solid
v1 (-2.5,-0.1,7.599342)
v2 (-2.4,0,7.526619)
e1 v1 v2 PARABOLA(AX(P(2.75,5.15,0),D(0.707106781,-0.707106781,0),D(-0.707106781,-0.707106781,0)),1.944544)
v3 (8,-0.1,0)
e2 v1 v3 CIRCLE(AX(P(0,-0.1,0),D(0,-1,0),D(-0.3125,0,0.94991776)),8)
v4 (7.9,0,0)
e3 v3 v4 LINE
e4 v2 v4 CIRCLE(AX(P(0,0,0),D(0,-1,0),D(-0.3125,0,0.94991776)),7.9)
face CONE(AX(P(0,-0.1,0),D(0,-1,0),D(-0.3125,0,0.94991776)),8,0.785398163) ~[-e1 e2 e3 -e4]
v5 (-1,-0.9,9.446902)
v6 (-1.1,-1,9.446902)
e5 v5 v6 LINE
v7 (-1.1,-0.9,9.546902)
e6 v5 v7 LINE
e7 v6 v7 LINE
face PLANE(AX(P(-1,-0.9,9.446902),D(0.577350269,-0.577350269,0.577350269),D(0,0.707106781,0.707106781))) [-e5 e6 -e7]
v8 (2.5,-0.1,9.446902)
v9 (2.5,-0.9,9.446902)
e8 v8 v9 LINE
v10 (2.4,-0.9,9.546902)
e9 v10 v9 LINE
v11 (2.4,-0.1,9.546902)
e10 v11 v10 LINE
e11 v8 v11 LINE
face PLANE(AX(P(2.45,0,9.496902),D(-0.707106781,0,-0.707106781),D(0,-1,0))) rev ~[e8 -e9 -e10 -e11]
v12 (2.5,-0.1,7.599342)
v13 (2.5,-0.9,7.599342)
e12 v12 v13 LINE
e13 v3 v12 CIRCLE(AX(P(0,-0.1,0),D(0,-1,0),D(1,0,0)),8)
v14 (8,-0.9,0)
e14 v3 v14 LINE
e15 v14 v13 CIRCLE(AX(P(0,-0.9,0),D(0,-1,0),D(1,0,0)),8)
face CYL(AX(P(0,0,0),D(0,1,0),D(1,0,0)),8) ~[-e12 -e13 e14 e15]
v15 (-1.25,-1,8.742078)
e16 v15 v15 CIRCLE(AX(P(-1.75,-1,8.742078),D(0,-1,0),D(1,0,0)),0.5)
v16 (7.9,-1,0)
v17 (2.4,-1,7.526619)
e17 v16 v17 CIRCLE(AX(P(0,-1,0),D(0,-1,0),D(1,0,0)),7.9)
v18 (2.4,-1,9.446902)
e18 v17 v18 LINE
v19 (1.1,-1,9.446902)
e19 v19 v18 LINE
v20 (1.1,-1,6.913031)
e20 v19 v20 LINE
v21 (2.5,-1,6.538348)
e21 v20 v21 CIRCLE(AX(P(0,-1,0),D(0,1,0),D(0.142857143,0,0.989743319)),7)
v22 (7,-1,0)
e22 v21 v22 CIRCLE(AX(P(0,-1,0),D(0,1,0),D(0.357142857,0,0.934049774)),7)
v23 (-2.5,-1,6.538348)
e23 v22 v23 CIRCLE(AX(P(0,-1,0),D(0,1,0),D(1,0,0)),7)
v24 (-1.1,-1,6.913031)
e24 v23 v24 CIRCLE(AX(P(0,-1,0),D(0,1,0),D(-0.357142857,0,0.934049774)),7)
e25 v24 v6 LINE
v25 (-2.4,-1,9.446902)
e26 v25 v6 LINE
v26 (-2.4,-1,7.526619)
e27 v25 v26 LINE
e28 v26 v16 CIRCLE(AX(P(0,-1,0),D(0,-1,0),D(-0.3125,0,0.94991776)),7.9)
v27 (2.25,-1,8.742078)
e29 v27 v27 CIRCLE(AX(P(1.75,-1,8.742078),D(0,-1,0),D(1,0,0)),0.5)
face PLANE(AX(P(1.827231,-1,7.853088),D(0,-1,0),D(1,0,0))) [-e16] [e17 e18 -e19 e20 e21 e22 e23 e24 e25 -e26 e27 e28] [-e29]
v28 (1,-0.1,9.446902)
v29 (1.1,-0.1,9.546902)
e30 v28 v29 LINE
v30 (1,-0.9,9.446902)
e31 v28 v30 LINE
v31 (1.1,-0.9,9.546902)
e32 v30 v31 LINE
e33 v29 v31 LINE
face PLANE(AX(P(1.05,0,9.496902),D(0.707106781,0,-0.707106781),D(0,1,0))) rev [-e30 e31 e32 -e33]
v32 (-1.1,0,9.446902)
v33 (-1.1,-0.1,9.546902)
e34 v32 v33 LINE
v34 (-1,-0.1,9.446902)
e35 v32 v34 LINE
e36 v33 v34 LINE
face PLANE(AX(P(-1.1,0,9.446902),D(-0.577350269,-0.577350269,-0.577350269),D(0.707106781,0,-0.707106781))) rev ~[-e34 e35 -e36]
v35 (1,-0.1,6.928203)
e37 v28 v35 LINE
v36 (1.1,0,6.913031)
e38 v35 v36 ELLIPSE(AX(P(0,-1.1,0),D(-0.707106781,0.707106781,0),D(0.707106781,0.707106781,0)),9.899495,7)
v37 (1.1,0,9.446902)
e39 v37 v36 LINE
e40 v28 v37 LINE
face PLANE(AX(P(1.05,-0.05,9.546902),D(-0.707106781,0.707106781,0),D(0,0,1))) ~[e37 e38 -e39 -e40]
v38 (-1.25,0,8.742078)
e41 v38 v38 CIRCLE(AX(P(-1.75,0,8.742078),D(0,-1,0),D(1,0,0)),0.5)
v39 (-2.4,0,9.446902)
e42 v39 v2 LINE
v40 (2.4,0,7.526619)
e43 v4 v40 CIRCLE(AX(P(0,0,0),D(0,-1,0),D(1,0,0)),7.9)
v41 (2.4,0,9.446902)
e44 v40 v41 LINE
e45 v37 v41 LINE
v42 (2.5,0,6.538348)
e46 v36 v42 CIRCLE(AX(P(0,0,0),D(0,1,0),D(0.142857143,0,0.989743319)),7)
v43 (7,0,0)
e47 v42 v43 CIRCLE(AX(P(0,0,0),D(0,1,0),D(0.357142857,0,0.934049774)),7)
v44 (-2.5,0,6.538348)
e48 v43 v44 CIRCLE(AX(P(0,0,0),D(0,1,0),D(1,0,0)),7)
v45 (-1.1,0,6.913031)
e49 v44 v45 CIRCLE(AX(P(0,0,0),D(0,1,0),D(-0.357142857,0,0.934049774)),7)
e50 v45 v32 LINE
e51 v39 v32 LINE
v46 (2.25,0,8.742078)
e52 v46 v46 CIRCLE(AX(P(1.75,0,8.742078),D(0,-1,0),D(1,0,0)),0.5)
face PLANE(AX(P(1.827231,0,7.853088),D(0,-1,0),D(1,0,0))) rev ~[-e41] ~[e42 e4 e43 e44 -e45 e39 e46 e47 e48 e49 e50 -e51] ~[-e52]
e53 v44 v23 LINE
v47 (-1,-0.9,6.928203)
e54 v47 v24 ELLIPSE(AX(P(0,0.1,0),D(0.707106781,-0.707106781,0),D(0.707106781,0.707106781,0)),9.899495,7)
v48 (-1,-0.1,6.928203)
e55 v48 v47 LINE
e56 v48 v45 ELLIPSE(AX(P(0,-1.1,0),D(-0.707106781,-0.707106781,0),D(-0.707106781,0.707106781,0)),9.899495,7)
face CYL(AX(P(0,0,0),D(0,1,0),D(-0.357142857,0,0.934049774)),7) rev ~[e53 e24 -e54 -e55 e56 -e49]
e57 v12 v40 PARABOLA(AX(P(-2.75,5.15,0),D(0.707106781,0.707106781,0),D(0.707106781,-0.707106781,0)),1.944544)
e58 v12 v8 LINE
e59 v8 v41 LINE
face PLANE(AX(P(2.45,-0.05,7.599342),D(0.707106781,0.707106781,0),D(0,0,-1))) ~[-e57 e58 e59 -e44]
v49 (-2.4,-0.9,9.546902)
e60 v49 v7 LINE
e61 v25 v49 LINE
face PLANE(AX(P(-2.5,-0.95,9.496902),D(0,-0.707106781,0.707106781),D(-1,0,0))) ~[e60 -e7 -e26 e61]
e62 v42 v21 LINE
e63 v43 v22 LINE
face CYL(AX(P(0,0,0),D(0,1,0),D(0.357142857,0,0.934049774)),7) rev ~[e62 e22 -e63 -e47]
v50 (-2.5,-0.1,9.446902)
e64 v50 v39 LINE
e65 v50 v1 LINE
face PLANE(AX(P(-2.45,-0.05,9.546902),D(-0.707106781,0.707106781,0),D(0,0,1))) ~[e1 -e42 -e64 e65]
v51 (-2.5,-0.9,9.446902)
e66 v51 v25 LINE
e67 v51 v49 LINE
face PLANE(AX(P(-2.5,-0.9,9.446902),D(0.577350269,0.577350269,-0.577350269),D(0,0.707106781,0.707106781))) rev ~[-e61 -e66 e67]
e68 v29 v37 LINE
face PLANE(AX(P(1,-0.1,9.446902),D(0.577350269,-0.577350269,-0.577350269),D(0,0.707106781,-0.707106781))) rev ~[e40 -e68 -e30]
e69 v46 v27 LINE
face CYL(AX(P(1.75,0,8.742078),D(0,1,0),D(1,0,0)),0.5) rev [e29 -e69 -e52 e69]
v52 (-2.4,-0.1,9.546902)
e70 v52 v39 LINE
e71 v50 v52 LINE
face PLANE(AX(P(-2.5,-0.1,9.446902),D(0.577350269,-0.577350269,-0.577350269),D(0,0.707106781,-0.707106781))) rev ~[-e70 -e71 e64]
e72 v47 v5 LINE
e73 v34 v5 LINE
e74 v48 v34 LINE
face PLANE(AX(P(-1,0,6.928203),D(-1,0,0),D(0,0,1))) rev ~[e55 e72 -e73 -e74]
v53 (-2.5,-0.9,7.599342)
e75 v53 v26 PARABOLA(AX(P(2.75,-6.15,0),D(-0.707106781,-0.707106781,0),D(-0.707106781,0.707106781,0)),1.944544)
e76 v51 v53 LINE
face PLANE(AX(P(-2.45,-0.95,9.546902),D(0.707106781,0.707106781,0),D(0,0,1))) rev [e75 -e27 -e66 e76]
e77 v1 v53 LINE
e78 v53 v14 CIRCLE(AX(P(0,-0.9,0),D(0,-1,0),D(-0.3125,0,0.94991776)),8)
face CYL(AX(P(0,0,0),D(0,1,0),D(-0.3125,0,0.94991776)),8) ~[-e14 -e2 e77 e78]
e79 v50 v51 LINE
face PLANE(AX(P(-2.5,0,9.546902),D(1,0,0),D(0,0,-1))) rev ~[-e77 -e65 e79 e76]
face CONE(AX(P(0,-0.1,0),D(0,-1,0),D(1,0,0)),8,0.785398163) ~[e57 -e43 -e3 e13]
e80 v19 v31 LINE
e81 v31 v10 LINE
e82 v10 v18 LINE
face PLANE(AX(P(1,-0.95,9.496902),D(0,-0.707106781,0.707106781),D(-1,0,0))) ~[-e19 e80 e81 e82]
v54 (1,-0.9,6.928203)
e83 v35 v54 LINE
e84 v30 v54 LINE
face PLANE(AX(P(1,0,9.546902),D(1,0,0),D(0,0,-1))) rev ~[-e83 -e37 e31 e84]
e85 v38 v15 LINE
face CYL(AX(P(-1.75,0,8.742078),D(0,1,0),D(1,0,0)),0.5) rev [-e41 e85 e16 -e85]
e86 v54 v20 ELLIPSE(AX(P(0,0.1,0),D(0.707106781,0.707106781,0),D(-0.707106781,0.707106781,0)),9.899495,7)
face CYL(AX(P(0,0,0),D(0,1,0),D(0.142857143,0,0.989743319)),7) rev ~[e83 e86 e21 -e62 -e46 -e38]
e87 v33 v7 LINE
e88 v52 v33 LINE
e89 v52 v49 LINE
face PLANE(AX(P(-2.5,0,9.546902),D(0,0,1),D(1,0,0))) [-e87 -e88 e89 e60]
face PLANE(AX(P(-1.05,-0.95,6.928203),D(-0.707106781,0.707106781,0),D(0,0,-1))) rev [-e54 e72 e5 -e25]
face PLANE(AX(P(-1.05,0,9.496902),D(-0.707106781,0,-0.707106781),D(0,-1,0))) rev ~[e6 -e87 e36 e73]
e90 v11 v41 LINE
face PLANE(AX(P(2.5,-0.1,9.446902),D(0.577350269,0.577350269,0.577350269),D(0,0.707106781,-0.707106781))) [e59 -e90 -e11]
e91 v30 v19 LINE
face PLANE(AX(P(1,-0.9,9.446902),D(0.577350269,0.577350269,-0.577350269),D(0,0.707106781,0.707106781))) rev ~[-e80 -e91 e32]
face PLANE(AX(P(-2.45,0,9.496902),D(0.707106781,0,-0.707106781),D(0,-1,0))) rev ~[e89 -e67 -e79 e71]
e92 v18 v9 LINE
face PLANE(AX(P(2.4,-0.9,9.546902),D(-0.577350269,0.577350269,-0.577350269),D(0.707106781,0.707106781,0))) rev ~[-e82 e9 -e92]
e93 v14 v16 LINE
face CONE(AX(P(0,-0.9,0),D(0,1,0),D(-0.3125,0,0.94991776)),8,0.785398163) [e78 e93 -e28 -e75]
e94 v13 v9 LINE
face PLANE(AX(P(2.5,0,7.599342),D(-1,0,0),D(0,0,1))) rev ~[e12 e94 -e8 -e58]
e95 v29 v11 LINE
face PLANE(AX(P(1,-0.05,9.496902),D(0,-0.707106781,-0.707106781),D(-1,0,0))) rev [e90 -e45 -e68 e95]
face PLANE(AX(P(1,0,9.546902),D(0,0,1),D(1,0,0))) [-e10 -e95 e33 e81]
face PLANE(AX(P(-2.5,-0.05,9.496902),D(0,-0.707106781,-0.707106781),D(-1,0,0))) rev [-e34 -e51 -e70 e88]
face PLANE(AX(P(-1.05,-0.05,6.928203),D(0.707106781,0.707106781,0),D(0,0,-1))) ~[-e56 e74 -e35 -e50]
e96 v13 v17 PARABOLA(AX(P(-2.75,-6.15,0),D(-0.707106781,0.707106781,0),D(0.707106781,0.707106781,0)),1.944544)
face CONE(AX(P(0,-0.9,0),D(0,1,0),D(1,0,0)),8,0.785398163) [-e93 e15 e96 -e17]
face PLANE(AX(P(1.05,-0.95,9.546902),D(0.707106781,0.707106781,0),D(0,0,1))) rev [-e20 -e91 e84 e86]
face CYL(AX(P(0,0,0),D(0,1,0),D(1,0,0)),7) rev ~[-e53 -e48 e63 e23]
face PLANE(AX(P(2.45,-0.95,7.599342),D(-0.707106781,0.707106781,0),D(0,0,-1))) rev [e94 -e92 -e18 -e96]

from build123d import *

# Parameters (mm, degrees)
F0_W     = 1.5
F0_H     = 1.609648519
F0_R     = 0.5
F1_DEPTH = 1
F2_SIZE  = 0.1


with BuildPart() as f1:
    # F0 (on Front) → F1 (new body)
    with BuildSketch(Plane.XZ):
        with BuildLine():
            Line((2.5, 7.9372539332), (1, 7.9372539332))
            ThreePointArc((1, 7.9372539332), (1.7581371123, 7.8044188697), (2.5, 7.5993420768))
            Line((2.5, 7.5993420768), (2.5, 7.9372539332))
        make_face()
        with BuildLine():
            ThreePointArc((-2.5, 7.5993420768), (-1.7581371123, 7.8044188697), (-1, 7.9372539332))
            Line((-1, 7.9372539332), (-2.5, 7.9372539332))
            Line((-2.5, 7.9372539332), (-2.5, 7.5993420768))
        make_face()
        with Locations((-1.75, 8.7420781927)):
            Rectangle(F0_W, F0_H)
        with Locations((-1.75, 8.7420781927)):
            Circle(F0_R, mode=Mode.SUBTRACT)
        with Locations((1.75, 8.7420781927)):
            Rectangle(F0_W, F0_H)
        with Locations((1.75, 8.7420781927)):
            Circle(F0_R, mode=Mode.SUBTRACT)
        with BuildLine():
            ThreePointArc((8, 0), (6.4807406984, 4.6904157598), (2.5, 7.5993420768))
            Line((2.5, 7.5993420768), (2.5, 6.5383484153))
            ThreePointArc((2.5, 6.5383484153), (5.7662812973, 3.9686269666), (7, 0))
            ThreePointArc((7, 0), (-3.9686269666, -5.7662812973), (-2.5, 6.5383484153))
            Line((-2.5, 6.5383484153), (-2.5, 7.5993420768))
            ThreePointArc((-2.5, 7.5993420768), (-4.6904157598, -6.4807406984), (8, 0))
        make_face()
        with BuildLine():
            ThreePointArc((2.5, 7.5993420768), (1.7581371123, 7.8044188697), (1, 7.9372539332))
            Line((1, 7.9372539332), (1, 6.9282032303))
            ThreePointArc((1, 6.9282032303), (1.7608227322, 6.7749172176), (2.5, 6.5383484153))
            Line((2.5, 6.5383484153), (2.5, 7.5993420768))
        make_face()
        with BuildLine():
            Line((-1, 6.9282032303), (-1, 7.9372539332))
            ThreePointArc((-1, 7.9372539332), (-1.7581371123, 7.8044188697), (-2.5, 7.5993420768))
            Line((-2.5, 7.5993420768), (-2.5, 6.5383484153))
            ThreePointArc((-2.5, 6.5383484153), (-1.7608227322, 6.7749172176), (-1, 6.9282032303))
        make_face()
    extrude(amount=F1_DEPTH)

    # F2
    f2_edges = [f1.edges().sort_by_distance(p)[0] for p in [
        (-1.75, -1, 9.546902),
        (-1, -1, 8.237553),
        (-2.5, -1, 8.573122),
        (0, -1, -8),
        (2.5, -1, 8.573122),
        (1.75, -1, 9.546902),
        (1, -1, 8.237553),
        (1.75, 0, 9.546902),
        (1, -0.5, 9.546902),
        (2.5, -0.5, 9.546902),
        (-1, -0.5, 9.546902),
        (-1.75, 0, 9.546902),
        (-2.5, -0.5, 9.546902),
        (-1, 0, 8.237553),
        (1, 0, 8.237553),
        (2.5, 0, 8.573122),
        (-2.5, 0, 8.573122),
        (0, 0, -8),
    ]]
    chamfer(f2_edges, length=F2_SIZE)


solid = f1.part
